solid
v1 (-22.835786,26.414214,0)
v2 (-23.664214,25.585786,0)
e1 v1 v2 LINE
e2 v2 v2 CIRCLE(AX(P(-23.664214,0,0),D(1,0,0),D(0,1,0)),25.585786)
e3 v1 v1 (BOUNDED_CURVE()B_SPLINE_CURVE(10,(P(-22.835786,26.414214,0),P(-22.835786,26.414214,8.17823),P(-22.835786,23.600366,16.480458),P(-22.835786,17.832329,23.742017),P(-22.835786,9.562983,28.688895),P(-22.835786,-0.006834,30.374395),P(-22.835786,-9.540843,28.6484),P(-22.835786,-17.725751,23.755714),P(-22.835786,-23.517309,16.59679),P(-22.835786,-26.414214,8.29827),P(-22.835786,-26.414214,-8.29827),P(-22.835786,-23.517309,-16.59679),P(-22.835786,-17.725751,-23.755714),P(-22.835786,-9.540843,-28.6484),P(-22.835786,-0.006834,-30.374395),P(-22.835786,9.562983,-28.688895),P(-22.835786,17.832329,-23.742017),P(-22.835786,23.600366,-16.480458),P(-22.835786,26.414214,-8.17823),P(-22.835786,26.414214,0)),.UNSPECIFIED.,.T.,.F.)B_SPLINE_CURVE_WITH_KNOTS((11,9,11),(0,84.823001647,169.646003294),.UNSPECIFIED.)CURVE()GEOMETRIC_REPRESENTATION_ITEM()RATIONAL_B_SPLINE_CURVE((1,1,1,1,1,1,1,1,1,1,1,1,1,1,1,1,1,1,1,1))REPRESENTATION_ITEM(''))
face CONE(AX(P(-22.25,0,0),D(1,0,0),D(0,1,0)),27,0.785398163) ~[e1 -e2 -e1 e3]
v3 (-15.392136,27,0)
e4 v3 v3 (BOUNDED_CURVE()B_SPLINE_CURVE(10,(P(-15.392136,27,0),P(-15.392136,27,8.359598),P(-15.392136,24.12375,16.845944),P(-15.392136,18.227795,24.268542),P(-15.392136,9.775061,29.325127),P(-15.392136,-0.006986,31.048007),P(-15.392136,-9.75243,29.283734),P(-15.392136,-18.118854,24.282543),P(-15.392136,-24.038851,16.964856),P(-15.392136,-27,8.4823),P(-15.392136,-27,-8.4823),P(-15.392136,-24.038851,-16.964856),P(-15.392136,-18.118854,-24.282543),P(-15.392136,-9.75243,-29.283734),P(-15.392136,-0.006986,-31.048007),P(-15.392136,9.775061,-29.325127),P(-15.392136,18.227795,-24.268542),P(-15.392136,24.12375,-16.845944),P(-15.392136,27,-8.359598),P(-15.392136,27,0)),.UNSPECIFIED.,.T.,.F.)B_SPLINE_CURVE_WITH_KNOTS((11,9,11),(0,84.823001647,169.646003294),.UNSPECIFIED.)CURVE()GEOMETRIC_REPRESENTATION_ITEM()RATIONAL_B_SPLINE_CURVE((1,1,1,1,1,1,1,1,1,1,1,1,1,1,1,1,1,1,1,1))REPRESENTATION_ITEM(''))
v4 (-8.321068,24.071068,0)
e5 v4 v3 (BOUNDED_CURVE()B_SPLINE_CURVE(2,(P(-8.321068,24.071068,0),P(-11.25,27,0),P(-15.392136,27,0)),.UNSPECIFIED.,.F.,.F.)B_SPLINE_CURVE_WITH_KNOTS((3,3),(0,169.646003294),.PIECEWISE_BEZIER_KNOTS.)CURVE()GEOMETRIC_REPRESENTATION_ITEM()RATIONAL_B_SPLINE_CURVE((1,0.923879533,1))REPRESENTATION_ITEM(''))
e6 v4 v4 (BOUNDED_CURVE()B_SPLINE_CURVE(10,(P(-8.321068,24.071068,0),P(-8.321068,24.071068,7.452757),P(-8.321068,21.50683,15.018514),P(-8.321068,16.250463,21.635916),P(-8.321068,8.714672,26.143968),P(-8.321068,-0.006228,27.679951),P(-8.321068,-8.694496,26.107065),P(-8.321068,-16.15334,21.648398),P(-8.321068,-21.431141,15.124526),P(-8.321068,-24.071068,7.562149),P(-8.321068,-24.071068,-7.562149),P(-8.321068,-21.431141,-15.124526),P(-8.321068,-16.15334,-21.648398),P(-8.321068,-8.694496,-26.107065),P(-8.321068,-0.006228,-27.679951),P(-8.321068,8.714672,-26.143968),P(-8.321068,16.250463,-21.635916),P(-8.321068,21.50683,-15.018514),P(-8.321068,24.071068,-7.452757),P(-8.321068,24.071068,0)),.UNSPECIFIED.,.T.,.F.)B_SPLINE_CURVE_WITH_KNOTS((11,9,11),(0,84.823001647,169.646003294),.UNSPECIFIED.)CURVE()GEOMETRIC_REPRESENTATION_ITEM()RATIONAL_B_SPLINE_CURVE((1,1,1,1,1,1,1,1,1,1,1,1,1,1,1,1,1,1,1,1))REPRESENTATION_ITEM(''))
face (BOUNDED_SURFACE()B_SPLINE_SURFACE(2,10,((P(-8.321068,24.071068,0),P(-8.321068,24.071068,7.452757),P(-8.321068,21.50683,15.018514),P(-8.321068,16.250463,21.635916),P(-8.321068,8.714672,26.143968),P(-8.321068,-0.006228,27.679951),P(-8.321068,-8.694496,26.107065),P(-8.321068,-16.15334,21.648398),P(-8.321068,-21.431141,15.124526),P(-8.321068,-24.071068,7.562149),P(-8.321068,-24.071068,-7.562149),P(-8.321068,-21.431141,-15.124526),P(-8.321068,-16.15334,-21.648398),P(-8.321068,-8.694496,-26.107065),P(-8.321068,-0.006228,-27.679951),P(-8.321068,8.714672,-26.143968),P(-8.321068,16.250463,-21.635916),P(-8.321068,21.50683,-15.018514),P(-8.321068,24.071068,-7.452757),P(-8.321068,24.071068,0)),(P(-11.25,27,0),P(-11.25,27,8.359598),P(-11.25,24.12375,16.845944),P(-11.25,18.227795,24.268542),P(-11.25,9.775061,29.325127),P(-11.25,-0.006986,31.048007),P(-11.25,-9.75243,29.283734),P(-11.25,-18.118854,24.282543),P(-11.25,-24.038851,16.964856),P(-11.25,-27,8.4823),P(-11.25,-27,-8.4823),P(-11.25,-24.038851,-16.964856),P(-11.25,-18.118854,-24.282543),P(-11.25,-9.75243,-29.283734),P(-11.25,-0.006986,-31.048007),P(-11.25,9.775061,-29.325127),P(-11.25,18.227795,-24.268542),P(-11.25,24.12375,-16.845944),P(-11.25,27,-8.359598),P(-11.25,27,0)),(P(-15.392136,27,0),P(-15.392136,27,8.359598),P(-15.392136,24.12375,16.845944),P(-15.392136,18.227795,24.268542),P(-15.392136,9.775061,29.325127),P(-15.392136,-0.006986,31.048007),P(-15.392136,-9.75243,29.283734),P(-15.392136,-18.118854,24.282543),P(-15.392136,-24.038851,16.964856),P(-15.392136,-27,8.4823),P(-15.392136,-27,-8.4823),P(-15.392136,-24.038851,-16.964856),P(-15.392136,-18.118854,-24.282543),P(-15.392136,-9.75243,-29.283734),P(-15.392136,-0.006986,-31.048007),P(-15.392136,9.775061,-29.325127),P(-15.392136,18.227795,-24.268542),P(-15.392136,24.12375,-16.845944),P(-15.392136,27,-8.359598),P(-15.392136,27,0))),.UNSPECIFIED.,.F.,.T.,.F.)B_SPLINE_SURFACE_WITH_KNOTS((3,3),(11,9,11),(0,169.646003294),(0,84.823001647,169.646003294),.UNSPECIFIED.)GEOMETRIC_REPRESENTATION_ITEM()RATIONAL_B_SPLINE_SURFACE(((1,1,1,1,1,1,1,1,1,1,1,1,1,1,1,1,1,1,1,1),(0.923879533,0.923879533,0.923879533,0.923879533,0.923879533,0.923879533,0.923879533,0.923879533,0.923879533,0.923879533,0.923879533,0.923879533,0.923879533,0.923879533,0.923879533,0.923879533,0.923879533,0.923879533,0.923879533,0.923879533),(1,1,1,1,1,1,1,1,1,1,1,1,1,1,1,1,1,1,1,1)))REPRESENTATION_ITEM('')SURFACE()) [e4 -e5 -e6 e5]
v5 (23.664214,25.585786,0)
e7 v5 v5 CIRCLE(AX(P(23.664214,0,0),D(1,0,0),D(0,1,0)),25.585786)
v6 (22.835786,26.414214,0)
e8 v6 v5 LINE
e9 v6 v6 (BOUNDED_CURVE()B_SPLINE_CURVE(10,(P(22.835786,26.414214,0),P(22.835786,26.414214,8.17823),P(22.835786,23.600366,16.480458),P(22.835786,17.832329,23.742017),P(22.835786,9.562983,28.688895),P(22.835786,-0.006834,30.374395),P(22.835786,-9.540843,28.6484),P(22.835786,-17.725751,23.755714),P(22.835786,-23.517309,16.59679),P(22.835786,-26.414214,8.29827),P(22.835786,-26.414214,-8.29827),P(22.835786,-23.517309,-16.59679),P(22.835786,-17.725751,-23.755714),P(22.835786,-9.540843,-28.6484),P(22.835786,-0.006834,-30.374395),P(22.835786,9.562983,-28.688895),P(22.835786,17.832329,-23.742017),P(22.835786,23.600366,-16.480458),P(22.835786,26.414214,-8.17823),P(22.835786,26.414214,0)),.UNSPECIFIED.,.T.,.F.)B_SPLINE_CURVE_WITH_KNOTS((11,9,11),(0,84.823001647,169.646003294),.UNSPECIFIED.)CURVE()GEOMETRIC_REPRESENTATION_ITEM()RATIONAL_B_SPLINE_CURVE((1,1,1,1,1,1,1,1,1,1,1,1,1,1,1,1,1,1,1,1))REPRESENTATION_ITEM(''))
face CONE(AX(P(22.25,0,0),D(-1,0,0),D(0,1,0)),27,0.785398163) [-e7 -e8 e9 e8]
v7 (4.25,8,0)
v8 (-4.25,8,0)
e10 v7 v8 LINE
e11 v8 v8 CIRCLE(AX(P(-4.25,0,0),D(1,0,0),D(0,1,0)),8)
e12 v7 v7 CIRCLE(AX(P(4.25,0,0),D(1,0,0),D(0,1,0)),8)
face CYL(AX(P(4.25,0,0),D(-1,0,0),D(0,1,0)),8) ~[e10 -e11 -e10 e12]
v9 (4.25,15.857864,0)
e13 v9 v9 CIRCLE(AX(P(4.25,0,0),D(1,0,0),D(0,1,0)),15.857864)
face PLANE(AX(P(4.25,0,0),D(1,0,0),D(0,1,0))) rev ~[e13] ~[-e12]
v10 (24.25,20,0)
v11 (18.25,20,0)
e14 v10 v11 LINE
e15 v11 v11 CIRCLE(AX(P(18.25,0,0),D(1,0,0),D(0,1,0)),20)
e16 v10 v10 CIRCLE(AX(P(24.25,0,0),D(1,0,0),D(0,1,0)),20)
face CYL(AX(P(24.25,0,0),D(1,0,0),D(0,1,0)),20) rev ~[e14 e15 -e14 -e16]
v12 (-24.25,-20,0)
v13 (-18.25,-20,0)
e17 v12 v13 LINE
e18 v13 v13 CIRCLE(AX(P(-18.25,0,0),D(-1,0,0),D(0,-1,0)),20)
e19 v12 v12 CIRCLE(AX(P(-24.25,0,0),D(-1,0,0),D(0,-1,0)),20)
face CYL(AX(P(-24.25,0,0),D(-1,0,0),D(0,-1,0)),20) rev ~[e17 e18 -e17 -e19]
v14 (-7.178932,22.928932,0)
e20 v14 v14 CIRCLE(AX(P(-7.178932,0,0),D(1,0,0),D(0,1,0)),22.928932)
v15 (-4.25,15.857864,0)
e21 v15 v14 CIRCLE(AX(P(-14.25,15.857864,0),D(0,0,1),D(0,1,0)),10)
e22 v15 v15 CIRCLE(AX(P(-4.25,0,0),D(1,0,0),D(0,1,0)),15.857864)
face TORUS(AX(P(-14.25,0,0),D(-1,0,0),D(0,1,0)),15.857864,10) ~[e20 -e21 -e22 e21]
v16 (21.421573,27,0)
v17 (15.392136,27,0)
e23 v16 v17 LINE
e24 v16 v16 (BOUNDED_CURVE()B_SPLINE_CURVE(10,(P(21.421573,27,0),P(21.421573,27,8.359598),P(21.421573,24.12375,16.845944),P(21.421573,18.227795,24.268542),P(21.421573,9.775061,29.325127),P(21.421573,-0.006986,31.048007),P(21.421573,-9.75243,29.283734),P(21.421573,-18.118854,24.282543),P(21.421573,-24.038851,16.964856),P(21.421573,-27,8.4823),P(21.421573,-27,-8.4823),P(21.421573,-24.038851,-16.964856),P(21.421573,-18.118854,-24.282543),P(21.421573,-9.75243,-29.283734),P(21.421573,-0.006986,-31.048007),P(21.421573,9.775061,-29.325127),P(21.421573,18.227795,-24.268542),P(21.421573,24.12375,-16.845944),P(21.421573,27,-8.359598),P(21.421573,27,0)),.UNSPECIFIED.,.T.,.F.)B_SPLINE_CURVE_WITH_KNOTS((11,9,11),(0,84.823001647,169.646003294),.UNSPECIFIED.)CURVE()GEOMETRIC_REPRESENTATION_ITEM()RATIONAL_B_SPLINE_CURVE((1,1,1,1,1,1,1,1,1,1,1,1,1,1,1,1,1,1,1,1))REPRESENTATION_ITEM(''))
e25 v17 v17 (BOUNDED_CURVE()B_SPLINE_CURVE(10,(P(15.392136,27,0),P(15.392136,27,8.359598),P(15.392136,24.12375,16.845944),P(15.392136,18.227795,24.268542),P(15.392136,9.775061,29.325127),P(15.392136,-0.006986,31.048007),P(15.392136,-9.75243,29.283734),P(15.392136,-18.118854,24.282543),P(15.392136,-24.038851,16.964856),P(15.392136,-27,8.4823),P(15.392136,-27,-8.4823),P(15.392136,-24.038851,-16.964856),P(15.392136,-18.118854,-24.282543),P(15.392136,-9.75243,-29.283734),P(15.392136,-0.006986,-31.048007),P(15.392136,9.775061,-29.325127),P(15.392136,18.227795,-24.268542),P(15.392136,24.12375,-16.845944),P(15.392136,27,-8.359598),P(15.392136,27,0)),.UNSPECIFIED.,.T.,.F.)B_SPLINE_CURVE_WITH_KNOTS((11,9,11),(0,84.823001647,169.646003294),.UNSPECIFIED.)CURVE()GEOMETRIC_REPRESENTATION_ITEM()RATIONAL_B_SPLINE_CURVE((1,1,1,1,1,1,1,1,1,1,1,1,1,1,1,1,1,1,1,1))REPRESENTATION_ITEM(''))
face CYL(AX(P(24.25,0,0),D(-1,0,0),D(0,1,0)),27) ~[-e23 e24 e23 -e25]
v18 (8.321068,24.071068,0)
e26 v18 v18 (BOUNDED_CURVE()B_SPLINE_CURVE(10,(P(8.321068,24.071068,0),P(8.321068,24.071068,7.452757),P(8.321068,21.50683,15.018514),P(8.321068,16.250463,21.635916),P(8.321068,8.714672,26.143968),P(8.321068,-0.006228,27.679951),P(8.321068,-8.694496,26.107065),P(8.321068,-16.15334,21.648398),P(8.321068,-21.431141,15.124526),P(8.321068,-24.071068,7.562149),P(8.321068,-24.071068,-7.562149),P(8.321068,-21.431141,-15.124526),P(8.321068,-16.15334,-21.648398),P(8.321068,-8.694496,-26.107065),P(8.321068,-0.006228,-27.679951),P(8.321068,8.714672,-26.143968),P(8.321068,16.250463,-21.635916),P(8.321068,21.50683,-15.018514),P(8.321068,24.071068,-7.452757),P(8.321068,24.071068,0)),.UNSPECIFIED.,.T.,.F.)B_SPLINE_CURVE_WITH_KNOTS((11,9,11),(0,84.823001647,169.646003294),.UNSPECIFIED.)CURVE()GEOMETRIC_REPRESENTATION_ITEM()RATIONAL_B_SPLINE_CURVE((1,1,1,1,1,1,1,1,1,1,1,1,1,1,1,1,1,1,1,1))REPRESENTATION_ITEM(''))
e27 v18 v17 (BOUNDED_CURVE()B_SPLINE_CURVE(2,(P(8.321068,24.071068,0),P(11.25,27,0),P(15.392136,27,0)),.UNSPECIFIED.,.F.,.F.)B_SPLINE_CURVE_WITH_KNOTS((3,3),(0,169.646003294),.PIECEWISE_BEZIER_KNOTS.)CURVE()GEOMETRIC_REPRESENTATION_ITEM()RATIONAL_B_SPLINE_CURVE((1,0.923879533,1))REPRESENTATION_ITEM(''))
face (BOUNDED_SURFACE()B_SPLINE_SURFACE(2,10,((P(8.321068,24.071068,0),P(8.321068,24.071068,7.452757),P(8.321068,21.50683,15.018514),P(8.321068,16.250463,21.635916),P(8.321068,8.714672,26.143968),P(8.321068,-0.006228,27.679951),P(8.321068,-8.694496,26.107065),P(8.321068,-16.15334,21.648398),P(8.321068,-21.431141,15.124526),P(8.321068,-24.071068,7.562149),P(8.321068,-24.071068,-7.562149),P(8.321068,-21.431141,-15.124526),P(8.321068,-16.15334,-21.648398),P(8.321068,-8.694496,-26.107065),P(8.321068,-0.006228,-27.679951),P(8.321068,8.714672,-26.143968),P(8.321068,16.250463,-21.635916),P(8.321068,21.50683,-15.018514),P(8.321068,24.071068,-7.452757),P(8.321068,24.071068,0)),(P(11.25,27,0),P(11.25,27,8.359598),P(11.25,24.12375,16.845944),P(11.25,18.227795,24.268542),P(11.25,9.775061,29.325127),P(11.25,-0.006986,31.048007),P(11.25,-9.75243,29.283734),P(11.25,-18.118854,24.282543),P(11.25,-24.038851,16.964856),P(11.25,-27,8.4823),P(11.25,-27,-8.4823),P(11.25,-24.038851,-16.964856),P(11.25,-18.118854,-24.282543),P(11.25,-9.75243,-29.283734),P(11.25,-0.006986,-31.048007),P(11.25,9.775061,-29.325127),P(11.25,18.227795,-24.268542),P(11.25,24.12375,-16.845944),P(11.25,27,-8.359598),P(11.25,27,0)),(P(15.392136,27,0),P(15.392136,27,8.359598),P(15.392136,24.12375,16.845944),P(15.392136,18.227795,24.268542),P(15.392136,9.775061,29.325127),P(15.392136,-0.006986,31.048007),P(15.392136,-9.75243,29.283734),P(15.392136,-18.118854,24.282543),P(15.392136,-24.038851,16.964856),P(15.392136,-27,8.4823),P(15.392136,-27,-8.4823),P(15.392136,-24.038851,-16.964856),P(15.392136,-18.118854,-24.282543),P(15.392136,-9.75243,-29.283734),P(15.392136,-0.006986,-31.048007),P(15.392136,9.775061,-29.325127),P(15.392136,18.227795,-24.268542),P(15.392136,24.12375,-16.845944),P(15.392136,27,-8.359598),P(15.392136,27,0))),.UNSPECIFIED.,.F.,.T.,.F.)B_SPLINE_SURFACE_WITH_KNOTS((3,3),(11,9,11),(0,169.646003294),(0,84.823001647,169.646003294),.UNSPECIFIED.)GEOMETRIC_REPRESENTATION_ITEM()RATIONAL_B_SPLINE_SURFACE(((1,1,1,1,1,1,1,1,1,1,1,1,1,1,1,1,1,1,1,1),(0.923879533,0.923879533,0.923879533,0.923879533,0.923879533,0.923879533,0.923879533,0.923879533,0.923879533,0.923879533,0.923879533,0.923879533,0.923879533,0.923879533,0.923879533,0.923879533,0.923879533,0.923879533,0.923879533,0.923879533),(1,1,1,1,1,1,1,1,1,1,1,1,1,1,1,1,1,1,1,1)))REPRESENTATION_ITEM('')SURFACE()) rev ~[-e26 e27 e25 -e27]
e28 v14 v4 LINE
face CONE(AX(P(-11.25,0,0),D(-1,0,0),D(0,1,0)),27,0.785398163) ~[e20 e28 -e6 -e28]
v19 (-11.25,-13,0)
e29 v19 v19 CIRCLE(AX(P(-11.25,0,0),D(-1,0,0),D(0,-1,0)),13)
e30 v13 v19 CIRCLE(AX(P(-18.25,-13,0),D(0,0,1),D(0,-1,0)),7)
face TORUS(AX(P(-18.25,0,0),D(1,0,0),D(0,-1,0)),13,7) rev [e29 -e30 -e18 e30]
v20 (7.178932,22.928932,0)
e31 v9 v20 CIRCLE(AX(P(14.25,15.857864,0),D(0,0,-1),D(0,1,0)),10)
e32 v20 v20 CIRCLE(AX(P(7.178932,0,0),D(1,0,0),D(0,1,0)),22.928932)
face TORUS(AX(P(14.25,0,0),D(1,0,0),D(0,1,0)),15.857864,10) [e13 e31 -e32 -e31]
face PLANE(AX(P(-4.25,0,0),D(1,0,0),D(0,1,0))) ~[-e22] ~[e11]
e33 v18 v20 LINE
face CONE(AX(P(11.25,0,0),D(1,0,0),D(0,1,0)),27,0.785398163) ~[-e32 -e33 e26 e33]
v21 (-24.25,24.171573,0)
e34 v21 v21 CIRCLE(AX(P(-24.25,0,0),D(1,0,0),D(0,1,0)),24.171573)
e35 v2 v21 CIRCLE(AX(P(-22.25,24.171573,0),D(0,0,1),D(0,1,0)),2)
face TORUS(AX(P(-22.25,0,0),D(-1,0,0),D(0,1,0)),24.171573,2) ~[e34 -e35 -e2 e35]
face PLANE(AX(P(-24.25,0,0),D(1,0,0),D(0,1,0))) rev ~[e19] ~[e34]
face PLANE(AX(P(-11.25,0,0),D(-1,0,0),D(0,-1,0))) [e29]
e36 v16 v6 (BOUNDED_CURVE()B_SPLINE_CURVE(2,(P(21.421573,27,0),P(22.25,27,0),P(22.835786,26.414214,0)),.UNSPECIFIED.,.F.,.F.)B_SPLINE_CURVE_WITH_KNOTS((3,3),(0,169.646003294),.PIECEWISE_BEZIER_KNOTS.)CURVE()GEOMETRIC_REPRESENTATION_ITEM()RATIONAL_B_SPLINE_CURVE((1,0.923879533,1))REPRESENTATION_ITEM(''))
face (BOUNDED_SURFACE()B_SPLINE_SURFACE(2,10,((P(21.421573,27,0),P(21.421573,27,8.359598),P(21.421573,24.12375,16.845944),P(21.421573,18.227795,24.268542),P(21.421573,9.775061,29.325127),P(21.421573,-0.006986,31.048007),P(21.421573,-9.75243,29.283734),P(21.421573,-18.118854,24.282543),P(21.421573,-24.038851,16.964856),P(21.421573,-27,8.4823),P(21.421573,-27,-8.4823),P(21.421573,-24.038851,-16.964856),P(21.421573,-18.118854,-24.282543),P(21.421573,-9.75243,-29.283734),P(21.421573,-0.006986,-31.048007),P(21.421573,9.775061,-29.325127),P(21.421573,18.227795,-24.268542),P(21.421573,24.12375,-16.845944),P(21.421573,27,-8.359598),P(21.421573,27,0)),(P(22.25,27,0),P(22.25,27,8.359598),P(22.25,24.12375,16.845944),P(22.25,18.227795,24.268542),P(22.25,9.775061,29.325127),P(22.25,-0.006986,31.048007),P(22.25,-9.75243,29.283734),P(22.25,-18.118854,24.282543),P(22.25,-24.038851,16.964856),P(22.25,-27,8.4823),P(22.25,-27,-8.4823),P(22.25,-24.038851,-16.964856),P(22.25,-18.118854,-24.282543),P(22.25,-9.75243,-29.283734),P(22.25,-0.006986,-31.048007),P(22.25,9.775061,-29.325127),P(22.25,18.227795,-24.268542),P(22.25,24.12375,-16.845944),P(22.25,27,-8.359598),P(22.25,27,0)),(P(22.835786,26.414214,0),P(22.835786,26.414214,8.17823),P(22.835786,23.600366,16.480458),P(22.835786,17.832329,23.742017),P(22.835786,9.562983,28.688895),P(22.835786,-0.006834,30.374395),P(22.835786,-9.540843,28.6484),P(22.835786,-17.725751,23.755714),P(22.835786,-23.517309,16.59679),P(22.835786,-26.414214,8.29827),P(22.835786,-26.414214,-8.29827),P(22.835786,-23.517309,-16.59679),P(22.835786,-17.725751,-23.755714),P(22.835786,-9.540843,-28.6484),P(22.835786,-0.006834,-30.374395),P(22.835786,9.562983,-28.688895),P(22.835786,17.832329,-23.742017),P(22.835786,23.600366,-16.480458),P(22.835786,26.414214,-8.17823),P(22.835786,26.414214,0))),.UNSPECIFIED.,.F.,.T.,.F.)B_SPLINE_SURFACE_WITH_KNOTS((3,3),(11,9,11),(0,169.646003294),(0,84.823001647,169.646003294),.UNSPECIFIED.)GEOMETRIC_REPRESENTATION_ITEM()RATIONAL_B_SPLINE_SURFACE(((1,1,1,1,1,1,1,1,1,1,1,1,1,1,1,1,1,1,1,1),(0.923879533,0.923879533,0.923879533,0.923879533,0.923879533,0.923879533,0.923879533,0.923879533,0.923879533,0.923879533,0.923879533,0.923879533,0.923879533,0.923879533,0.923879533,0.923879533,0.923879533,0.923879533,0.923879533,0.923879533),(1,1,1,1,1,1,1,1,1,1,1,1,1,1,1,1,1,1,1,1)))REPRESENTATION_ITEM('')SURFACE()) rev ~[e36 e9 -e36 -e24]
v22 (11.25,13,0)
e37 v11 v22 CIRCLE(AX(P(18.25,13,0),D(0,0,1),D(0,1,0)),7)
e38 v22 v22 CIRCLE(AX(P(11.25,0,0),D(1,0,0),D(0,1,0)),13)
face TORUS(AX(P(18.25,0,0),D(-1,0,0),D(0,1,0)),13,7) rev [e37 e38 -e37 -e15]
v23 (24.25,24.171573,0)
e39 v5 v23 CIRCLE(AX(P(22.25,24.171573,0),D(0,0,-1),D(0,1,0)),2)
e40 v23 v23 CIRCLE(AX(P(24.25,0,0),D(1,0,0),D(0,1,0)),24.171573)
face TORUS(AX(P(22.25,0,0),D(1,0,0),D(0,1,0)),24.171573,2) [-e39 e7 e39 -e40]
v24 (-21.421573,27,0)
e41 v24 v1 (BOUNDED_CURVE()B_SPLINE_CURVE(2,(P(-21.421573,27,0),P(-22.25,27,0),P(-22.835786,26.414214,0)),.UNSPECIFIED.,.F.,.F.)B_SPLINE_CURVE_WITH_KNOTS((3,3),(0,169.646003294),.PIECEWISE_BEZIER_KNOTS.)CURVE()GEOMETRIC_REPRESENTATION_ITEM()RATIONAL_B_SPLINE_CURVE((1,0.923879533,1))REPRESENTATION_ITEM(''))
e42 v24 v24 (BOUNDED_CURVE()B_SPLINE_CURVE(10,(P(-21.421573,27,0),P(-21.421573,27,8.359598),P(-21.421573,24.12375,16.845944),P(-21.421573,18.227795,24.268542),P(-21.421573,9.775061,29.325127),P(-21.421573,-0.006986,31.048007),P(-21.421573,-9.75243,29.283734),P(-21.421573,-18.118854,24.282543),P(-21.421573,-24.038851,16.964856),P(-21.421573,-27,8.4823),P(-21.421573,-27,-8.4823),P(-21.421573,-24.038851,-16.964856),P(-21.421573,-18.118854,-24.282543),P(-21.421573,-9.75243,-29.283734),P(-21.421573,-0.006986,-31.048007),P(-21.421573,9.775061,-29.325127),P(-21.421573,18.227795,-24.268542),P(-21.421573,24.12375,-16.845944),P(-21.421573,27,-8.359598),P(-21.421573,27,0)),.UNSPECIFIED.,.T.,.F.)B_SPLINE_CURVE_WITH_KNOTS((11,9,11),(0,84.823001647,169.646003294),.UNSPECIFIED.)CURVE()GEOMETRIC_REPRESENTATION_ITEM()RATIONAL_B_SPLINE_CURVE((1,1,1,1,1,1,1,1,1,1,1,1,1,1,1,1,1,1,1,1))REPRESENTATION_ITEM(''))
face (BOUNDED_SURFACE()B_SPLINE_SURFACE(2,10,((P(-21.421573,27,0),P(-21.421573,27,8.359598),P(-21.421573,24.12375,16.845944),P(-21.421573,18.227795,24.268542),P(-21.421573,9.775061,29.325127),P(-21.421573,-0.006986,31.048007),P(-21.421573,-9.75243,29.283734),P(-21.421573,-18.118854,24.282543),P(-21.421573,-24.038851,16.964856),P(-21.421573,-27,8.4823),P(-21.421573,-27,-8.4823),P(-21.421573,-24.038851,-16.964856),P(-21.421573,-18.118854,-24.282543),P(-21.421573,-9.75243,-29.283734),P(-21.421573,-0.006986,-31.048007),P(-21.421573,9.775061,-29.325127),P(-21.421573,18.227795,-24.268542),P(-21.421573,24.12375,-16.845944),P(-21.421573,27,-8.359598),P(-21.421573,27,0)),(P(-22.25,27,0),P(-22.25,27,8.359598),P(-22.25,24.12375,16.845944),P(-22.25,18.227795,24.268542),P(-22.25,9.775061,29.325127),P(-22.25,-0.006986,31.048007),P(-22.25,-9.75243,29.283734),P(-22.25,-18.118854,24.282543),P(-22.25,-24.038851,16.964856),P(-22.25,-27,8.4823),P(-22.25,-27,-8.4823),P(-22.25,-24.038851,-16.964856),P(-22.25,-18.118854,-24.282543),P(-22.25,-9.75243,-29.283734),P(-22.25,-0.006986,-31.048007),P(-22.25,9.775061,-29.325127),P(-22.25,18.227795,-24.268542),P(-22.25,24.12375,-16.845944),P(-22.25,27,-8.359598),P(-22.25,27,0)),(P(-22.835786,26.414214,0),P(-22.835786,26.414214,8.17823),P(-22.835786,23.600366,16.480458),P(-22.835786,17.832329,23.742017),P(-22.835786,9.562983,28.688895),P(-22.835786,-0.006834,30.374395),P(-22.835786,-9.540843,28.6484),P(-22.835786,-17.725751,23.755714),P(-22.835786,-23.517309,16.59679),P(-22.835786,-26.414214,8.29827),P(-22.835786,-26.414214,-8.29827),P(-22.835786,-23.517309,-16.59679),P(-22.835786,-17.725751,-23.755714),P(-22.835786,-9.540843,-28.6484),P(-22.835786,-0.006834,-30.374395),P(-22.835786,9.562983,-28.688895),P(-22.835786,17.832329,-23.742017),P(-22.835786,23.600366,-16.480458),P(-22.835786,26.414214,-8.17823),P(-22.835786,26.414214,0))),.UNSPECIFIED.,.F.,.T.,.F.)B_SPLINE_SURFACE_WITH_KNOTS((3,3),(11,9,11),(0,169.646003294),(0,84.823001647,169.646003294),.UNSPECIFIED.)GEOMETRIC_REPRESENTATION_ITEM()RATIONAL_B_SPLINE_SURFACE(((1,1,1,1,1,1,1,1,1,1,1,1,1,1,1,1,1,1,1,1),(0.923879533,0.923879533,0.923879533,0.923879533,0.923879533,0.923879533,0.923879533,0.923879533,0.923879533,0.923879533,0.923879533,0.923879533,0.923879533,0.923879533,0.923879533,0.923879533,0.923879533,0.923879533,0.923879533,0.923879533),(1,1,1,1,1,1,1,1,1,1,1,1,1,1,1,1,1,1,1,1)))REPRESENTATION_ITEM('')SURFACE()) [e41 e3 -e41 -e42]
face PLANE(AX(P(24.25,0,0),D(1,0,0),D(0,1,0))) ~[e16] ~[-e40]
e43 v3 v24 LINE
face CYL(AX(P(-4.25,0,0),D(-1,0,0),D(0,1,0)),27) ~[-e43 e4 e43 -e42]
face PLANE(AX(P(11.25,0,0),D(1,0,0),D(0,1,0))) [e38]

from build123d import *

# Parameters (mm, degrees)
F2_SIZE  = 7
F3_R     = 10
F4_SIZE  = 2
F5_R     = 2
F6_R     = 20
F7_DEPTH = 13
F8_R     = 20
F9_DEPTH = 13
F10_R    = 7


with BuildPart() as f1:
    # F0 (on Top) → F1 (revolve)
    with BuildSketch(Plane.XY):
        Polygon((0, 8), (-4.25, 8), (-4.25, 27), (-24.25, 27), (-24.25, 0), (24.25, 0), (24.25, 27), (4.25, 27), (4.25, 8), align=None)
    revolve(axis=Axis((0, 0, 0), (1, 0, 0)))

    # F2
    f2_edges = [f1.edges().sort_by_distance(p)[0] for p in [
        (-4.25, -27, 0),
        (4.25, -27, 0),
    ]]
    chamfer(f2_edges, length=F2_SIZE)

    # F3
    f3_edges = [f1.edges().sort_by_distance(p)[0] for p in [
        (-4.25, -20, 0),
        (-11.25, -27, 0),
        (4.25, -20, 0),
        (11.25, -27, 0),
    ]]
    fillet(f3_edges, radius=F3_R)

    # F4
    f4_edges = [f1.edges().sort_by_distance(p)[0] for p in [
        (-24.25, -27, 0),
        (24.25, -27, 0),
    ]]
    chamfer(f4_edges, length=F4_SIZE)

    # F5
    f5_edges = [f1.edges().sort_by_distance(p)[0] for p in [
        (-22.25, -27, 0),
        (22.25, -27, 0),
        (-24.25, -25, 0),
        (24.25, -25, 0),
    ]]
    fillet(f5_edges, radius=F5_R)

    # F6 (on face) → F7 (cut)
    with BuildSketch(Plane.YZ.offset(24.25)):
        Circle(F6_R)
    extrude(amount=-F7_DEPTH, mode=Mode.SUBTRACT)

    # F8 (on face) → F9 (cut)
    with BuildSketch(Plane(origin=(-24.25, 0, 0), x_dir=(0, -1, 0), z_dir=(-1, 0, 0))):
        Circle(F8_R)
    extrude(amount=-F9_DEPTH, mode=Mode.SUBTRACT)

    # F10
    f10_edges = [f1.edges().sort_by_distance(p)[0] for p in [
        (11.25, -20, 0),
        (-11.25, 20, 0),
    ]]
    fillet(f10_edges, radius=F10_R)


solid = f1.part
